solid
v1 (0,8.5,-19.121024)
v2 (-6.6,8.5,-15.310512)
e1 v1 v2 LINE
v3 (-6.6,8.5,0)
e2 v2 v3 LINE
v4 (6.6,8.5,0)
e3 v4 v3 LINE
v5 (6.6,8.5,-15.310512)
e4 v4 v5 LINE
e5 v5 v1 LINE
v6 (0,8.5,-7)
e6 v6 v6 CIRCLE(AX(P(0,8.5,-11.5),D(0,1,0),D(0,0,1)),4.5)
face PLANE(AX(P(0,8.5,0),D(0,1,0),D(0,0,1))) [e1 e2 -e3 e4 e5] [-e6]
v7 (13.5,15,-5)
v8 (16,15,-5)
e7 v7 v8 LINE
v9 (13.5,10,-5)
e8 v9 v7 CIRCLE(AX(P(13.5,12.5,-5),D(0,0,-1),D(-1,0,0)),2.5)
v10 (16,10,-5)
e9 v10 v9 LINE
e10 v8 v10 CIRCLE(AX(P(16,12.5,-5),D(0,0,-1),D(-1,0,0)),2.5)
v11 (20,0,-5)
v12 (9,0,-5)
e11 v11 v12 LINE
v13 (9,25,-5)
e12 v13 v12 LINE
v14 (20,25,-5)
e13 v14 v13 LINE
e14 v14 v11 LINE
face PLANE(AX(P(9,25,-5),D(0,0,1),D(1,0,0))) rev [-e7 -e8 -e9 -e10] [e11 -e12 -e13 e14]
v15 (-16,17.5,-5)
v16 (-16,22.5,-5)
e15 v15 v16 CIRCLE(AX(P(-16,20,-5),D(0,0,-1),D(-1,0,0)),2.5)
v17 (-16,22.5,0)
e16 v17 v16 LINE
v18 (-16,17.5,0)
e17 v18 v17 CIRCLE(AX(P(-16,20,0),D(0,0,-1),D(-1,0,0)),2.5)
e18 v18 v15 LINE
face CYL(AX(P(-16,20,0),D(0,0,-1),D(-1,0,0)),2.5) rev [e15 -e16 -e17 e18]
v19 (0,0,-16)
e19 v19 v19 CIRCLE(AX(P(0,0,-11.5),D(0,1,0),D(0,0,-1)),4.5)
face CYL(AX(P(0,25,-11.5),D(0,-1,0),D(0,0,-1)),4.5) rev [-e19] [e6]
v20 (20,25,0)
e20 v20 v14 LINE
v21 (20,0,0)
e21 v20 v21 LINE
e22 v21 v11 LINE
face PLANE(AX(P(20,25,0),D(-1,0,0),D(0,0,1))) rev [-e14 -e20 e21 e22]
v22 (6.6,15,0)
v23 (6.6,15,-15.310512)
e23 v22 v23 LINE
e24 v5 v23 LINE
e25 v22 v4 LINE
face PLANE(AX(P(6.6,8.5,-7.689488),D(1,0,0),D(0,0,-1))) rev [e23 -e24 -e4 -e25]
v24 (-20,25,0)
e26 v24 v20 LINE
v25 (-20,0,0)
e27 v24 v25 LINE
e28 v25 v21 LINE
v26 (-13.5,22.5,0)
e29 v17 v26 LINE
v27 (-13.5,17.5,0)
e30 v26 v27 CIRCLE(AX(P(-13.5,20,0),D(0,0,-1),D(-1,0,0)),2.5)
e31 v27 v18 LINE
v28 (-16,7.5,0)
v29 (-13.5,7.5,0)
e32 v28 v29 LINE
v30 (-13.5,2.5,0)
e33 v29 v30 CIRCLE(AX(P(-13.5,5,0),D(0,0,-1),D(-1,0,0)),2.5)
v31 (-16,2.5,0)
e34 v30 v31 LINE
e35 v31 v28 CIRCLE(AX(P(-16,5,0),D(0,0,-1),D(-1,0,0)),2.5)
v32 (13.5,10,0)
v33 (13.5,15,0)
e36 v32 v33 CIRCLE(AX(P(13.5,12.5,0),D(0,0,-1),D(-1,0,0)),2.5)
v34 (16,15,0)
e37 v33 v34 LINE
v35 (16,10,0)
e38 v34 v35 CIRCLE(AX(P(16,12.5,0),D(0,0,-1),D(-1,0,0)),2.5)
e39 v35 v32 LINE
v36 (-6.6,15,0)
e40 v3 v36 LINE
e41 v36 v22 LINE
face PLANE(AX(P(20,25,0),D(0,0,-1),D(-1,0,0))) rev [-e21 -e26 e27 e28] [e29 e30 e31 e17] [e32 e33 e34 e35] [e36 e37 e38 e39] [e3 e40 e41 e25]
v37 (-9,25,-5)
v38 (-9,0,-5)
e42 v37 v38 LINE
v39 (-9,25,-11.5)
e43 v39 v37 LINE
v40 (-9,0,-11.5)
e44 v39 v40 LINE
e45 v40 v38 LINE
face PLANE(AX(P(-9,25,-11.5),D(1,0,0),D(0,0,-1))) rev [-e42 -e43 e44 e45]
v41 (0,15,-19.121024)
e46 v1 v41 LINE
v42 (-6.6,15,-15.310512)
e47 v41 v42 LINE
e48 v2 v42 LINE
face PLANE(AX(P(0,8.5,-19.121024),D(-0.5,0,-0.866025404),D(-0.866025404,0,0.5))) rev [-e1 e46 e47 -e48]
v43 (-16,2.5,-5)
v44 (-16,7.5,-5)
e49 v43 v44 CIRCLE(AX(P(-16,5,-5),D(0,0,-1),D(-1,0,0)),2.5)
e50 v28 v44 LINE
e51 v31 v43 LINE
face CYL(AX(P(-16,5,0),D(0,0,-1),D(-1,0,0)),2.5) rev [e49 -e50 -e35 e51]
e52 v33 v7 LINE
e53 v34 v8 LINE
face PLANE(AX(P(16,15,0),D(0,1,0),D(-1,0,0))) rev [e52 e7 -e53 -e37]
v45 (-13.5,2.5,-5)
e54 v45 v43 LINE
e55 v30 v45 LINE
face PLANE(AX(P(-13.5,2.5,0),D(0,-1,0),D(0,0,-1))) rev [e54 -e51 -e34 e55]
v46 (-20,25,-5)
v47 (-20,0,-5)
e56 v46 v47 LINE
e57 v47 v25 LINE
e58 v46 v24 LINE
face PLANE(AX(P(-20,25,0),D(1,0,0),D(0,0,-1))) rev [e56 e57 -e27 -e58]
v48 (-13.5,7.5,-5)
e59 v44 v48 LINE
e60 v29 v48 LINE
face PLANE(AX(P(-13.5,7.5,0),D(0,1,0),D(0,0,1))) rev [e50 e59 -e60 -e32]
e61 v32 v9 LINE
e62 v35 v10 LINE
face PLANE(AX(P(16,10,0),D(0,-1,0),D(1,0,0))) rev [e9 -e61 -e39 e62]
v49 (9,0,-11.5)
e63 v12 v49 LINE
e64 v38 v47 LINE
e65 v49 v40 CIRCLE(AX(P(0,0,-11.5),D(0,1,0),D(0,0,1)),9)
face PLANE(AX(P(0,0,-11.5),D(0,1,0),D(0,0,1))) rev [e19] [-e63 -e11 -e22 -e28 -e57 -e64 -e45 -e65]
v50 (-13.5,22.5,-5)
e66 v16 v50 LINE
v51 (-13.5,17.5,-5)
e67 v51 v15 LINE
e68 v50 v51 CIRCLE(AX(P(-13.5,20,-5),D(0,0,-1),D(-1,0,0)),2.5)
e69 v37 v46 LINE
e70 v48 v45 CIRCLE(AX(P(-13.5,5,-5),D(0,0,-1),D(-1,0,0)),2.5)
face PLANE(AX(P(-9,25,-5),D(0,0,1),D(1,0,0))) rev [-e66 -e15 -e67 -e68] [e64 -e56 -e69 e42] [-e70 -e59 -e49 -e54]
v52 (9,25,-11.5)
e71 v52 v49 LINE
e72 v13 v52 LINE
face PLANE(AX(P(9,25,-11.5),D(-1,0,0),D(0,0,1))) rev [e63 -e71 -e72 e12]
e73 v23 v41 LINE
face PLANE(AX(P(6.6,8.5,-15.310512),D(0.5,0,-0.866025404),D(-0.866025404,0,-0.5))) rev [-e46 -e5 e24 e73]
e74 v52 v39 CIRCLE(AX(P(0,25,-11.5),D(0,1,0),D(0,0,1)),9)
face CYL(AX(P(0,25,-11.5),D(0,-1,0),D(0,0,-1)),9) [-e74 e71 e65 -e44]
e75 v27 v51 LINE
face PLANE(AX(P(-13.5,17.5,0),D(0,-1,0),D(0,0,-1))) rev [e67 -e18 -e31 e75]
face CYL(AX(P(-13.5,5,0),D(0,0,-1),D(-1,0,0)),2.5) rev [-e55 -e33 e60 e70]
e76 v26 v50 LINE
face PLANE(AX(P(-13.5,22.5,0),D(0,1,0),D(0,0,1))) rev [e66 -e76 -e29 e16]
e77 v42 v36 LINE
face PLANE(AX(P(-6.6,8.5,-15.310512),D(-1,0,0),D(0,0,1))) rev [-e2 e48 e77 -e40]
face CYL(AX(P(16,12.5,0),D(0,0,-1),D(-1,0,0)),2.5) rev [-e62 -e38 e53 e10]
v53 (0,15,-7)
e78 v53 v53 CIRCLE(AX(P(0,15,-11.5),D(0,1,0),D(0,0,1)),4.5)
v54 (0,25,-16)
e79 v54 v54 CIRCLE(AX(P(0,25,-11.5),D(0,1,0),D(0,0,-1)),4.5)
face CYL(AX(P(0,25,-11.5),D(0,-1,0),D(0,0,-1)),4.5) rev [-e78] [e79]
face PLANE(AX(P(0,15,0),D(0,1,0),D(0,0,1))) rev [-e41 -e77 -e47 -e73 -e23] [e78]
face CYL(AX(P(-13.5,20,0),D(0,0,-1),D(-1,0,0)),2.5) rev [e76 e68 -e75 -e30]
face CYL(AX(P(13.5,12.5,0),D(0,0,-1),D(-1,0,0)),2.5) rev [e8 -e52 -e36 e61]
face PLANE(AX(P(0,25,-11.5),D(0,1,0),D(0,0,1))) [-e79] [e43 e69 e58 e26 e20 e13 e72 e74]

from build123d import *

# Parameters (mm, degrees)
SKETCH1_R           = 4.5
BOSS_EXTRUDE1_DEPTH = 25
CUT_EXTRUDE1_DEPTH  = 6.5
SKETCH4_W           = 13.2
SKETCH4_H           = 6.5
CUT_EXTRUDE2_DEPTH  = 8.689488223
CUT_EXTRUDE3_DEPTH  = 6


with BuildPart() as part:
    # Sketch1 → Boss-Extrude1 (new body)
    with BuildSketch(Plane(origin=(0, 0, 0), x_dir=(1, 0, 0), z_dir=(0, 1, 0))):
        with BuildLine():
            Line((20, 0), (-20, 0))
            Line((-20, 0), (-20, 5))
            Line((-20, 5), (-9, 5))
            Line((-9, 5), (-9, 11.5))
            ThreePointArc((-9, 11.5), (0, 20.5), (9, 11.5))
            Line((9, 11.5), (9, 5))
            Line((9, 5), (20, 5))
            Line((20, 5), (20, 0))
        make_face()
        with Locations((0, 11.5)):
            Circle(SKETCH1_R, mode=Mode.SUBTRACT)
    extrude(amount=BOSS_EXTRUDE1_DEPTH)

    # Sketch2 → Cut-Extrude1 (cut)
    with BuildSketch(Plane(origin=(0, 15, 0), x_dir=(1, 0, 0), z_dir=(0, 1, 0))):
        Polygon((0, 19.121023553), (-6.6, 15.310511777), (-6.6, 7.689488223), (0, 3.878976447), (6.6, 7.689488223), (6.6, 15.310511777), align=None)
    extrude(amount=-CUT_EXTRUDE1_DEPTH, mode=Mode.SUBTRACT)

    # Sketch4 → Cut-Extrude2 (cut, through all)
    with BuildSketch(Plane(origin=(0, 0, -7.689488223), x_dir=(-1, 0, 0), z_dir=(0, 0, -1))):
        with Locations((0, 11.75)):
            Rectangle(SKETCH4_W, SKETCH4_H)
    extrude(amount=-CUT_EXTRUDE2_DEPTH, mode=Mode.SUBTRACT)

    # Sketch5 → Cut-Extrude3 (cut, through all)
    with BuildSketch(Plane(origin=(0, 0, -5), x_dir=(-1, 0, 0), z_dir=(0, 0, -1))):
        with BuildLine():
            Line((-16, 15), (-13.5, 15))
            ThreePointArc((-13.5, 15), (-11, 12.5), (-13.5, 10))
            Line((-13.5, 10), (-16, 10))
            ThreePointArc((-16, 10), (-18.5, 12.5), (-16, 15))
        make_face()
        with BuildLine():
            Line((13.5, 22.5), (16, 22.5))
            ThreePointArc((16, 22.5), (18.5, 20), (16, 17.5))
            Line((16, 17.5), (13.5, 17.5))
            ThreePointArc((13.5, 17.5), (11, 20), (13.5, 22.5))
        make_face()
        with BuildLine():
            Line((13.5, 7.5), (16, 7.5))
            ThreePointArc((16, 7.5), (18.5, 5), (16, 2.5))
            Line((16, 2.5), (13.5, 2.5))
            ThreePointArc((13.5, 2.5), (11, 5), (13.5, 7.5))
        make_face()
    extrude(amount=-CUT_EXTRUDE3_DEPTH, mode=Mode.SUBTRACT)


solid = part.part
